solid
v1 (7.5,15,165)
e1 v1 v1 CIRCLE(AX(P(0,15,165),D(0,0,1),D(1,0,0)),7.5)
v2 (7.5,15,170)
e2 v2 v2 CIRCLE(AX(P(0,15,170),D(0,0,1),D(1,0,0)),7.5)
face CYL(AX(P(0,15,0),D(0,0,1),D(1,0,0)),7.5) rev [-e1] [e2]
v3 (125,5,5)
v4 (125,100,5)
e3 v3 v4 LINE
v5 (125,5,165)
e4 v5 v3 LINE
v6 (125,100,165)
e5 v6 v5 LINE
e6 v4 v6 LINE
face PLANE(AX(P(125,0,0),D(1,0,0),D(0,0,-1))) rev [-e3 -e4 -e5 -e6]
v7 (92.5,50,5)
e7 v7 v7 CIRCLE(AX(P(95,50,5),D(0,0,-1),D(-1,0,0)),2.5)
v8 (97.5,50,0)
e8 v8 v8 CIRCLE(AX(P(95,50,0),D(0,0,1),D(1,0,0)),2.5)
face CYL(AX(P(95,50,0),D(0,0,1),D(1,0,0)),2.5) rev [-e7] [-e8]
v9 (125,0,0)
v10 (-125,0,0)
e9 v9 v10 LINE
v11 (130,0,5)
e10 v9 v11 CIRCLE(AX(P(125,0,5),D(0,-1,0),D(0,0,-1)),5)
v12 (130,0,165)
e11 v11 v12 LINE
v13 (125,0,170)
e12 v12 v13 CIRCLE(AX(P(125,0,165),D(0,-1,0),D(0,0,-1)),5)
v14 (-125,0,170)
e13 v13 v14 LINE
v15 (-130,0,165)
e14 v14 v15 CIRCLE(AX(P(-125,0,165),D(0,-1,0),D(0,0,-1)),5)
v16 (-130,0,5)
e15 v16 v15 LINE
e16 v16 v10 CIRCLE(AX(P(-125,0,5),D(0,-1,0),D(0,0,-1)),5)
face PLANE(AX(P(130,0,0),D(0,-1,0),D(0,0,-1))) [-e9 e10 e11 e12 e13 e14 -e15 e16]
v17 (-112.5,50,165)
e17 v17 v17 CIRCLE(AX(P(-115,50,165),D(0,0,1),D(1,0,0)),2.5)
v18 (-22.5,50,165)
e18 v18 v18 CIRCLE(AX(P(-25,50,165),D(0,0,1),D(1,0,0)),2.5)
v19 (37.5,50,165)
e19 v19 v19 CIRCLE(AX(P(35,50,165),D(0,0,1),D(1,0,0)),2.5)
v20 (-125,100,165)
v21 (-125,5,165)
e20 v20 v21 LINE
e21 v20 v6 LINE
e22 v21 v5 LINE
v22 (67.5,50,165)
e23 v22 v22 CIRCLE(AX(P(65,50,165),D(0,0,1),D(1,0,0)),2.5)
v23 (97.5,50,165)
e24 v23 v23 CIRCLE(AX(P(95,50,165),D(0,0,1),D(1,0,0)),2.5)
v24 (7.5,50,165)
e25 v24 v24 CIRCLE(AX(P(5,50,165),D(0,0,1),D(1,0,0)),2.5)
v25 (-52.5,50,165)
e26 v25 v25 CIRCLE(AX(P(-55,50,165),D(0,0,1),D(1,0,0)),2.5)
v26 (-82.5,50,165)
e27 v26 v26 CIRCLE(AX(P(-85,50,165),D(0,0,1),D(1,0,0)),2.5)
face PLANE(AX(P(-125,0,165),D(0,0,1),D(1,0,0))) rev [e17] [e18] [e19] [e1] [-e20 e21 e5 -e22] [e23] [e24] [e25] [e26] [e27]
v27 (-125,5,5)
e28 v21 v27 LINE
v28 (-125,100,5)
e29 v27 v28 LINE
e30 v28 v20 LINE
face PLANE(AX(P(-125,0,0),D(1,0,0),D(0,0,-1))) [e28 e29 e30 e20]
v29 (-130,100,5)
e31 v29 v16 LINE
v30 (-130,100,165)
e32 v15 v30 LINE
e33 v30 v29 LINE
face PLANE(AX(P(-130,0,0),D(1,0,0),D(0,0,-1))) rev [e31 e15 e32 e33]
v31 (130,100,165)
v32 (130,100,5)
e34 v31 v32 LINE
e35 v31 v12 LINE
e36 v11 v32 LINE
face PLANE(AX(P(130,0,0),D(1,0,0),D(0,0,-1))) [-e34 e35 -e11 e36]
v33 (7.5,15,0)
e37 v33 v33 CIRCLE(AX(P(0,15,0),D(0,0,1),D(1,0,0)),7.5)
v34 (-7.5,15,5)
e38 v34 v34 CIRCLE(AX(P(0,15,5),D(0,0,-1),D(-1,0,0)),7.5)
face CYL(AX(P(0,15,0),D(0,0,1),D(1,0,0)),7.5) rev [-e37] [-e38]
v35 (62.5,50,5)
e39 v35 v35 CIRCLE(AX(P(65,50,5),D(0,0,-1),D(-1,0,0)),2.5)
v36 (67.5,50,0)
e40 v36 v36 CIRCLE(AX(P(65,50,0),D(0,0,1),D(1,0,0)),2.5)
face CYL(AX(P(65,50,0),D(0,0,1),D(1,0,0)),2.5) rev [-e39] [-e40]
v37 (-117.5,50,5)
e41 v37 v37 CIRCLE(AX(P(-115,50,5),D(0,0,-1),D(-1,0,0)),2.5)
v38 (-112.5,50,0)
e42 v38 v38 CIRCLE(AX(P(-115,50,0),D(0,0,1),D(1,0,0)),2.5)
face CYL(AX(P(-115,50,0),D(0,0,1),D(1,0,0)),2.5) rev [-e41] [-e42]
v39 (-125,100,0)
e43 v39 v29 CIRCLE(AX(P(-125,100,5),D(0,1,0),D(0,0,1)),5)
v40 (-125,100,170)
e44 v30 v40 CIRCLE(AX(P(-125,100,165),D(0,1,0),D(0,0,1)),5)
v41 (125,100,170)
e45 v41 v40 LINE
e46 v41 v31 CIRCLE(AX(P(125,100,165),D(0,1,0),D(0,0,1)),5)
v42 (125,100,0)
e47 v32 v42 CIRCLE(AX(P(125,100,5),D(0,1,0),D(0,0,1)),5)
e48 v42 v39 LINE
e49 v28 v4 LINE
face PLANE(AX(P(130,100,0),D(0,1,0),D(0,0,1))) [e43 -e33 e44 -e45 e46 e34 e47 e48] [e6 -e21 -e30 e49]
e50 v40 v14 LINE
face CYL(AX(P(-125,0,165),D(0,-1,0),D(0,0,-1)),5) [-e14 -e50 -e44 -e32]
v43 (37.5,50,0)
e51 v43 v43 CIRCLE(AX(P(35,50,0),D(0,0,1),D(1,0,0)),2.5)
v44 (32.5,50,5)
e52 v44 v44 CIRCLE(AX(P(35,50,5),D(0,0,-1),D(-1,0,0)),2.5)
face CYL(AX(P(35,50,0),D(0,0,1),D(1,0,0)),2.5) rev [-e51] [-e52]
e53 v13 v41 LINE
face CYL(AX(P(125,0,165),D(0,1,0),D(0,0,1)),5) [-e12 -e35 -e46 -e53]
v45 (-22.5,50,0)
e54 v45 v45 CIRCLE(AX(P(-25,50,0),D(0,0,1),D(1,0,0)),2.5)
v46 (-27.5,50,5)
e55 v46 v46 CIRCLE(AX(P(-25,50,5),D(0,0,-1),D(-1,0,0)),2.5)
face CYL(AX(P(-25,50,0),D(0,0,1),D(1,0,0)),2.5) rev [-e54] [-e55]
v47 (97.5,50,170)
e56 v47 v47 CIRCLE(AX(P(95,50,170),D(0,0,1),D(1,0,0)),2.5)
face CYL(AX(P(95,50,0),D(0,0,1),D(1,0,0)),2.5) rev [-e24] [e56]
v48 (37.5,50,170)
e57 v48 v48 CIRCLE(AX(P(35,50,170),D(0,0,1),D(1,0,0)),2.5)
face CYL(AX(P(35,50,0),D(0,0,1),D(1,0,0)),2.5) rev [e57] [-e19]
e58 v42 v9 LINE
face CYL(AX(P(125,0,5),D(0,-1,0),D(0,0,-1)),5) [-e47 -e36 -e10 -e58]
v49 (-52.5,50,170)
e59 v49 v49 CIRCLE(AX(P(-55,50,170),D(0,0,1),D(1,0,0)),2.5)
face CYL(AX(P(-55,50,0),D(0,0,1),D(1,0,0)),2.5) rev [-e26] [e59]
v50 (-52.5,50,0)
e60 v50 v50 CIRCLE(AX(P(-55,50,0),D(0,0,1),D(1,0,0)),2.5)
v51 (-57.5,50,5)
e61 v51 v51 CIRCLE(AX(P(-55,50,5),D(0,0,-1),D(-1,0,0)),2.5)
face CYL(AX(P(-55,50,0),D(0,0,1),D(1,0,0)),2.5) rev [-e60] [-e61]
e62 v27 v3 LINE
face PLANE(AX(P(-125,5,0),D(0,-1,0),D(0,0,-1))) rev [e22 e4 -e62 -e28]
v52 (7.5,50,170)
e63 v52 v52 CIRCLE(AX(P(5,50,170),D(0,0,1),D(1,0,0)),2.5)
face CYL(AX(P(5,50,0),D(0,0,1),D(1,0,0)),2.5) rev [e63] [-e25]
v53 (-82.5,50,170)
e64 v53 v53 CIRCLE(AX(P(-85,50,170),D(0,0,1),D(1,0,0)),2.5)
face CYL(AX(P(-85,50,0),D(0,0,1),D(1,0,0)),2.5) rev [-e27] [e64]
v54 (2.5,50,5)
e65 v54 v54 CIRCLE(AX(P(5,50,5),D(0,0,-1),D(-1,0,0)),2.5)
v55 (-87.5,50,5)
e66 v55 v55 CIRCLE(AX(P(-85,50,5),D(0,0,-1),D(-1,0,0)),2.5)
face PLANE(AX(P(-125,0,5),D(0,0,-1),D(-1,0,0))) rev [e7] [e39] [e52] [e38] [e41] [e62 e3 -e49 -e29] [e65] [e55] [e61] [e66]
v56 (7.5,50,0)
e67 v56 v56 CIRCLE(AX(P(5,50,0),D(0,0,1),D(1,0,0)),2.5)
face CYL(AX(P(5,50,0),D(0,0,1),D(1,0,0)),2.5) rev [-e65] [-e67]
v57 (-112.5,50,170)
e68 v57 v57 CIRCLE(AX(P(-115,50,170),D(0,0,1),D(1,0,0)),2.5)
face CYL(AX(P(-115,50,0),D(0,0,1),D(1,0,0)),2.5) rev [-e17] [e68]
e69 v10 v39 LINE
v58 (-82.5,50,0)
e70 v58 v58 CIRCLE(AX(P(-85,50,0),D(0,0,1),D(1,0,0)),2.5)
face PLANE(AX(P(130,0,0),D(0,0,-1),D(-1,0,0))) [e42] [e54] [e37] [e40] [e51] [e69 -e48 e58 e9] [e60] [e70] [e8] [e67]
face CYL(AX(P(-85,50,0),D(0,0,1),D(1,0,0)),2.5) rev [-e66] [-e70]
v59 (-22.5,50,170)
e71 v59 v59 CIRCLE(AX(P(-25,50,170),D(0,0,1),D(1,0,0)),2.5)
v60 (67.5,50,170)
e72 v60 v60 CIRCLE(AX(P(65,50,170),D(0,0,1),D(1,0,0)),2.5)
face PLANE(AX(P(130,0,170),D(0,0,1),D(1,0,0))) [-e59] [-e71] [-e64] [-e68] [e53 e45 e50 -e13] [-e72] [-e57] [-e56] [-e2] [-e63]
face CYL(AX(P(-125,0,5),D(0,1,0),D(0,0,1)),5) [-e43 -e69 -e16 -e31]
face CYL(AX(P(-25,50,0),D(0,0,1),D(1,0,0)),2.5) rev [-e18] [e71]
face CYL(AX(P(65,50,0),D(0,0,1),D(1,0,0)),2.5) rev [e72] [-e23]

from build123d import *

# Parameters (mm, degrees)
SKETCH1_W           = 170
SKETCH1_H           = 100
BOSS_EXTRUDE1_DEPTH = 130
SKETCH1_3_W         = 160
SKETCH1_3_H         = 95
CUT_EXTRUDE1_DEPTH  = 125
FILLET1_R           = 5
SKETCH2_R           = 2.5
CUT_EXTRUDE2_DEPTH  = 237.22023622
SKETCH3_R           = 7.5
CUT_EXTRUDE3_DEPTH  = 237.22023622


with BuildPart() as part:
    # Sketch1 → Boss-Extrude1 (new, symmetric)
    with BuildSketch(Plane(origin=(0, 0, 0), x_dir=(0, 0, -1), z_dir=(1, 0, 0))):
        with Locations((-85, 50)):
            Rectangle(SKETCH1_W, SKETCH1_H)
    extrude(amount=BOSS_EXTRUDE1_DEPTH, both=True)

    # Sketch1<3> → Cut-Extrude1 (cut, symmetric)
    with BuildSketch(Plane(origin=(0, 0, 0), x_dir=(0, 0, -1), z_dir=(1, 0, 0))):
        with Locations((-85, 52.5)):
            Rectangle(SKETCH1_3_W, SKETCH1_3_H)
    extrude(amount=CUT_EXTRUDE1_DEPTH, both=True, mode=Mode.SUBTRACT)

    # Fillet1
    fillet1_edges = [part.edges().sort_by_distance(p)[0] for p in [
        (-130, 50, 0),
        (130, 50, 0),
        (-130, 50, 170),
        (130, 50, 170),
    ]]
    fillet(fillet1_edges, radius=FILLET1_R)

    # Sketch2 → Cut-Extrude2 (cut, through all)
    with BuildSketch(Plane.XY.offset(170)):
        with Locations((95, 50)):
            Circle(SKETCH2_R)
        with Locations((65, 50)):
            Circle(SKETCH2_R)
        with Locations((35, 50)):
            Circle(SKETCH2_R)
        with Locations((5, 50)):
            Circle(SKETCH2_R)
        with Locations((-25, 50)):
            Circle(SKETCH2_R)
        with Locations((-55, 50)):
            Circle(SKETCH2_R)
        with Locations((-85, 50)):
            Circle(SKETCH2_R)
        with Locations((-115, 50)):
            Circle(SKETCH2_R)
    extrude(amount=-CUT_EXTRUDE2_DEPTH, mode=Mode.SUBTRACT)

    # Sketch3 → Cut-Extrude3 (cut, through all)
    with BuildSketch(Plane.XY.offset(170)):
        with Locations((0, 15)):
            Circle(SKETCH3_R)
    extrude(amount=-CUT_EXTRUDE3_DEPTH, mode=Mode.SUBTRACT)


solid = part.part
